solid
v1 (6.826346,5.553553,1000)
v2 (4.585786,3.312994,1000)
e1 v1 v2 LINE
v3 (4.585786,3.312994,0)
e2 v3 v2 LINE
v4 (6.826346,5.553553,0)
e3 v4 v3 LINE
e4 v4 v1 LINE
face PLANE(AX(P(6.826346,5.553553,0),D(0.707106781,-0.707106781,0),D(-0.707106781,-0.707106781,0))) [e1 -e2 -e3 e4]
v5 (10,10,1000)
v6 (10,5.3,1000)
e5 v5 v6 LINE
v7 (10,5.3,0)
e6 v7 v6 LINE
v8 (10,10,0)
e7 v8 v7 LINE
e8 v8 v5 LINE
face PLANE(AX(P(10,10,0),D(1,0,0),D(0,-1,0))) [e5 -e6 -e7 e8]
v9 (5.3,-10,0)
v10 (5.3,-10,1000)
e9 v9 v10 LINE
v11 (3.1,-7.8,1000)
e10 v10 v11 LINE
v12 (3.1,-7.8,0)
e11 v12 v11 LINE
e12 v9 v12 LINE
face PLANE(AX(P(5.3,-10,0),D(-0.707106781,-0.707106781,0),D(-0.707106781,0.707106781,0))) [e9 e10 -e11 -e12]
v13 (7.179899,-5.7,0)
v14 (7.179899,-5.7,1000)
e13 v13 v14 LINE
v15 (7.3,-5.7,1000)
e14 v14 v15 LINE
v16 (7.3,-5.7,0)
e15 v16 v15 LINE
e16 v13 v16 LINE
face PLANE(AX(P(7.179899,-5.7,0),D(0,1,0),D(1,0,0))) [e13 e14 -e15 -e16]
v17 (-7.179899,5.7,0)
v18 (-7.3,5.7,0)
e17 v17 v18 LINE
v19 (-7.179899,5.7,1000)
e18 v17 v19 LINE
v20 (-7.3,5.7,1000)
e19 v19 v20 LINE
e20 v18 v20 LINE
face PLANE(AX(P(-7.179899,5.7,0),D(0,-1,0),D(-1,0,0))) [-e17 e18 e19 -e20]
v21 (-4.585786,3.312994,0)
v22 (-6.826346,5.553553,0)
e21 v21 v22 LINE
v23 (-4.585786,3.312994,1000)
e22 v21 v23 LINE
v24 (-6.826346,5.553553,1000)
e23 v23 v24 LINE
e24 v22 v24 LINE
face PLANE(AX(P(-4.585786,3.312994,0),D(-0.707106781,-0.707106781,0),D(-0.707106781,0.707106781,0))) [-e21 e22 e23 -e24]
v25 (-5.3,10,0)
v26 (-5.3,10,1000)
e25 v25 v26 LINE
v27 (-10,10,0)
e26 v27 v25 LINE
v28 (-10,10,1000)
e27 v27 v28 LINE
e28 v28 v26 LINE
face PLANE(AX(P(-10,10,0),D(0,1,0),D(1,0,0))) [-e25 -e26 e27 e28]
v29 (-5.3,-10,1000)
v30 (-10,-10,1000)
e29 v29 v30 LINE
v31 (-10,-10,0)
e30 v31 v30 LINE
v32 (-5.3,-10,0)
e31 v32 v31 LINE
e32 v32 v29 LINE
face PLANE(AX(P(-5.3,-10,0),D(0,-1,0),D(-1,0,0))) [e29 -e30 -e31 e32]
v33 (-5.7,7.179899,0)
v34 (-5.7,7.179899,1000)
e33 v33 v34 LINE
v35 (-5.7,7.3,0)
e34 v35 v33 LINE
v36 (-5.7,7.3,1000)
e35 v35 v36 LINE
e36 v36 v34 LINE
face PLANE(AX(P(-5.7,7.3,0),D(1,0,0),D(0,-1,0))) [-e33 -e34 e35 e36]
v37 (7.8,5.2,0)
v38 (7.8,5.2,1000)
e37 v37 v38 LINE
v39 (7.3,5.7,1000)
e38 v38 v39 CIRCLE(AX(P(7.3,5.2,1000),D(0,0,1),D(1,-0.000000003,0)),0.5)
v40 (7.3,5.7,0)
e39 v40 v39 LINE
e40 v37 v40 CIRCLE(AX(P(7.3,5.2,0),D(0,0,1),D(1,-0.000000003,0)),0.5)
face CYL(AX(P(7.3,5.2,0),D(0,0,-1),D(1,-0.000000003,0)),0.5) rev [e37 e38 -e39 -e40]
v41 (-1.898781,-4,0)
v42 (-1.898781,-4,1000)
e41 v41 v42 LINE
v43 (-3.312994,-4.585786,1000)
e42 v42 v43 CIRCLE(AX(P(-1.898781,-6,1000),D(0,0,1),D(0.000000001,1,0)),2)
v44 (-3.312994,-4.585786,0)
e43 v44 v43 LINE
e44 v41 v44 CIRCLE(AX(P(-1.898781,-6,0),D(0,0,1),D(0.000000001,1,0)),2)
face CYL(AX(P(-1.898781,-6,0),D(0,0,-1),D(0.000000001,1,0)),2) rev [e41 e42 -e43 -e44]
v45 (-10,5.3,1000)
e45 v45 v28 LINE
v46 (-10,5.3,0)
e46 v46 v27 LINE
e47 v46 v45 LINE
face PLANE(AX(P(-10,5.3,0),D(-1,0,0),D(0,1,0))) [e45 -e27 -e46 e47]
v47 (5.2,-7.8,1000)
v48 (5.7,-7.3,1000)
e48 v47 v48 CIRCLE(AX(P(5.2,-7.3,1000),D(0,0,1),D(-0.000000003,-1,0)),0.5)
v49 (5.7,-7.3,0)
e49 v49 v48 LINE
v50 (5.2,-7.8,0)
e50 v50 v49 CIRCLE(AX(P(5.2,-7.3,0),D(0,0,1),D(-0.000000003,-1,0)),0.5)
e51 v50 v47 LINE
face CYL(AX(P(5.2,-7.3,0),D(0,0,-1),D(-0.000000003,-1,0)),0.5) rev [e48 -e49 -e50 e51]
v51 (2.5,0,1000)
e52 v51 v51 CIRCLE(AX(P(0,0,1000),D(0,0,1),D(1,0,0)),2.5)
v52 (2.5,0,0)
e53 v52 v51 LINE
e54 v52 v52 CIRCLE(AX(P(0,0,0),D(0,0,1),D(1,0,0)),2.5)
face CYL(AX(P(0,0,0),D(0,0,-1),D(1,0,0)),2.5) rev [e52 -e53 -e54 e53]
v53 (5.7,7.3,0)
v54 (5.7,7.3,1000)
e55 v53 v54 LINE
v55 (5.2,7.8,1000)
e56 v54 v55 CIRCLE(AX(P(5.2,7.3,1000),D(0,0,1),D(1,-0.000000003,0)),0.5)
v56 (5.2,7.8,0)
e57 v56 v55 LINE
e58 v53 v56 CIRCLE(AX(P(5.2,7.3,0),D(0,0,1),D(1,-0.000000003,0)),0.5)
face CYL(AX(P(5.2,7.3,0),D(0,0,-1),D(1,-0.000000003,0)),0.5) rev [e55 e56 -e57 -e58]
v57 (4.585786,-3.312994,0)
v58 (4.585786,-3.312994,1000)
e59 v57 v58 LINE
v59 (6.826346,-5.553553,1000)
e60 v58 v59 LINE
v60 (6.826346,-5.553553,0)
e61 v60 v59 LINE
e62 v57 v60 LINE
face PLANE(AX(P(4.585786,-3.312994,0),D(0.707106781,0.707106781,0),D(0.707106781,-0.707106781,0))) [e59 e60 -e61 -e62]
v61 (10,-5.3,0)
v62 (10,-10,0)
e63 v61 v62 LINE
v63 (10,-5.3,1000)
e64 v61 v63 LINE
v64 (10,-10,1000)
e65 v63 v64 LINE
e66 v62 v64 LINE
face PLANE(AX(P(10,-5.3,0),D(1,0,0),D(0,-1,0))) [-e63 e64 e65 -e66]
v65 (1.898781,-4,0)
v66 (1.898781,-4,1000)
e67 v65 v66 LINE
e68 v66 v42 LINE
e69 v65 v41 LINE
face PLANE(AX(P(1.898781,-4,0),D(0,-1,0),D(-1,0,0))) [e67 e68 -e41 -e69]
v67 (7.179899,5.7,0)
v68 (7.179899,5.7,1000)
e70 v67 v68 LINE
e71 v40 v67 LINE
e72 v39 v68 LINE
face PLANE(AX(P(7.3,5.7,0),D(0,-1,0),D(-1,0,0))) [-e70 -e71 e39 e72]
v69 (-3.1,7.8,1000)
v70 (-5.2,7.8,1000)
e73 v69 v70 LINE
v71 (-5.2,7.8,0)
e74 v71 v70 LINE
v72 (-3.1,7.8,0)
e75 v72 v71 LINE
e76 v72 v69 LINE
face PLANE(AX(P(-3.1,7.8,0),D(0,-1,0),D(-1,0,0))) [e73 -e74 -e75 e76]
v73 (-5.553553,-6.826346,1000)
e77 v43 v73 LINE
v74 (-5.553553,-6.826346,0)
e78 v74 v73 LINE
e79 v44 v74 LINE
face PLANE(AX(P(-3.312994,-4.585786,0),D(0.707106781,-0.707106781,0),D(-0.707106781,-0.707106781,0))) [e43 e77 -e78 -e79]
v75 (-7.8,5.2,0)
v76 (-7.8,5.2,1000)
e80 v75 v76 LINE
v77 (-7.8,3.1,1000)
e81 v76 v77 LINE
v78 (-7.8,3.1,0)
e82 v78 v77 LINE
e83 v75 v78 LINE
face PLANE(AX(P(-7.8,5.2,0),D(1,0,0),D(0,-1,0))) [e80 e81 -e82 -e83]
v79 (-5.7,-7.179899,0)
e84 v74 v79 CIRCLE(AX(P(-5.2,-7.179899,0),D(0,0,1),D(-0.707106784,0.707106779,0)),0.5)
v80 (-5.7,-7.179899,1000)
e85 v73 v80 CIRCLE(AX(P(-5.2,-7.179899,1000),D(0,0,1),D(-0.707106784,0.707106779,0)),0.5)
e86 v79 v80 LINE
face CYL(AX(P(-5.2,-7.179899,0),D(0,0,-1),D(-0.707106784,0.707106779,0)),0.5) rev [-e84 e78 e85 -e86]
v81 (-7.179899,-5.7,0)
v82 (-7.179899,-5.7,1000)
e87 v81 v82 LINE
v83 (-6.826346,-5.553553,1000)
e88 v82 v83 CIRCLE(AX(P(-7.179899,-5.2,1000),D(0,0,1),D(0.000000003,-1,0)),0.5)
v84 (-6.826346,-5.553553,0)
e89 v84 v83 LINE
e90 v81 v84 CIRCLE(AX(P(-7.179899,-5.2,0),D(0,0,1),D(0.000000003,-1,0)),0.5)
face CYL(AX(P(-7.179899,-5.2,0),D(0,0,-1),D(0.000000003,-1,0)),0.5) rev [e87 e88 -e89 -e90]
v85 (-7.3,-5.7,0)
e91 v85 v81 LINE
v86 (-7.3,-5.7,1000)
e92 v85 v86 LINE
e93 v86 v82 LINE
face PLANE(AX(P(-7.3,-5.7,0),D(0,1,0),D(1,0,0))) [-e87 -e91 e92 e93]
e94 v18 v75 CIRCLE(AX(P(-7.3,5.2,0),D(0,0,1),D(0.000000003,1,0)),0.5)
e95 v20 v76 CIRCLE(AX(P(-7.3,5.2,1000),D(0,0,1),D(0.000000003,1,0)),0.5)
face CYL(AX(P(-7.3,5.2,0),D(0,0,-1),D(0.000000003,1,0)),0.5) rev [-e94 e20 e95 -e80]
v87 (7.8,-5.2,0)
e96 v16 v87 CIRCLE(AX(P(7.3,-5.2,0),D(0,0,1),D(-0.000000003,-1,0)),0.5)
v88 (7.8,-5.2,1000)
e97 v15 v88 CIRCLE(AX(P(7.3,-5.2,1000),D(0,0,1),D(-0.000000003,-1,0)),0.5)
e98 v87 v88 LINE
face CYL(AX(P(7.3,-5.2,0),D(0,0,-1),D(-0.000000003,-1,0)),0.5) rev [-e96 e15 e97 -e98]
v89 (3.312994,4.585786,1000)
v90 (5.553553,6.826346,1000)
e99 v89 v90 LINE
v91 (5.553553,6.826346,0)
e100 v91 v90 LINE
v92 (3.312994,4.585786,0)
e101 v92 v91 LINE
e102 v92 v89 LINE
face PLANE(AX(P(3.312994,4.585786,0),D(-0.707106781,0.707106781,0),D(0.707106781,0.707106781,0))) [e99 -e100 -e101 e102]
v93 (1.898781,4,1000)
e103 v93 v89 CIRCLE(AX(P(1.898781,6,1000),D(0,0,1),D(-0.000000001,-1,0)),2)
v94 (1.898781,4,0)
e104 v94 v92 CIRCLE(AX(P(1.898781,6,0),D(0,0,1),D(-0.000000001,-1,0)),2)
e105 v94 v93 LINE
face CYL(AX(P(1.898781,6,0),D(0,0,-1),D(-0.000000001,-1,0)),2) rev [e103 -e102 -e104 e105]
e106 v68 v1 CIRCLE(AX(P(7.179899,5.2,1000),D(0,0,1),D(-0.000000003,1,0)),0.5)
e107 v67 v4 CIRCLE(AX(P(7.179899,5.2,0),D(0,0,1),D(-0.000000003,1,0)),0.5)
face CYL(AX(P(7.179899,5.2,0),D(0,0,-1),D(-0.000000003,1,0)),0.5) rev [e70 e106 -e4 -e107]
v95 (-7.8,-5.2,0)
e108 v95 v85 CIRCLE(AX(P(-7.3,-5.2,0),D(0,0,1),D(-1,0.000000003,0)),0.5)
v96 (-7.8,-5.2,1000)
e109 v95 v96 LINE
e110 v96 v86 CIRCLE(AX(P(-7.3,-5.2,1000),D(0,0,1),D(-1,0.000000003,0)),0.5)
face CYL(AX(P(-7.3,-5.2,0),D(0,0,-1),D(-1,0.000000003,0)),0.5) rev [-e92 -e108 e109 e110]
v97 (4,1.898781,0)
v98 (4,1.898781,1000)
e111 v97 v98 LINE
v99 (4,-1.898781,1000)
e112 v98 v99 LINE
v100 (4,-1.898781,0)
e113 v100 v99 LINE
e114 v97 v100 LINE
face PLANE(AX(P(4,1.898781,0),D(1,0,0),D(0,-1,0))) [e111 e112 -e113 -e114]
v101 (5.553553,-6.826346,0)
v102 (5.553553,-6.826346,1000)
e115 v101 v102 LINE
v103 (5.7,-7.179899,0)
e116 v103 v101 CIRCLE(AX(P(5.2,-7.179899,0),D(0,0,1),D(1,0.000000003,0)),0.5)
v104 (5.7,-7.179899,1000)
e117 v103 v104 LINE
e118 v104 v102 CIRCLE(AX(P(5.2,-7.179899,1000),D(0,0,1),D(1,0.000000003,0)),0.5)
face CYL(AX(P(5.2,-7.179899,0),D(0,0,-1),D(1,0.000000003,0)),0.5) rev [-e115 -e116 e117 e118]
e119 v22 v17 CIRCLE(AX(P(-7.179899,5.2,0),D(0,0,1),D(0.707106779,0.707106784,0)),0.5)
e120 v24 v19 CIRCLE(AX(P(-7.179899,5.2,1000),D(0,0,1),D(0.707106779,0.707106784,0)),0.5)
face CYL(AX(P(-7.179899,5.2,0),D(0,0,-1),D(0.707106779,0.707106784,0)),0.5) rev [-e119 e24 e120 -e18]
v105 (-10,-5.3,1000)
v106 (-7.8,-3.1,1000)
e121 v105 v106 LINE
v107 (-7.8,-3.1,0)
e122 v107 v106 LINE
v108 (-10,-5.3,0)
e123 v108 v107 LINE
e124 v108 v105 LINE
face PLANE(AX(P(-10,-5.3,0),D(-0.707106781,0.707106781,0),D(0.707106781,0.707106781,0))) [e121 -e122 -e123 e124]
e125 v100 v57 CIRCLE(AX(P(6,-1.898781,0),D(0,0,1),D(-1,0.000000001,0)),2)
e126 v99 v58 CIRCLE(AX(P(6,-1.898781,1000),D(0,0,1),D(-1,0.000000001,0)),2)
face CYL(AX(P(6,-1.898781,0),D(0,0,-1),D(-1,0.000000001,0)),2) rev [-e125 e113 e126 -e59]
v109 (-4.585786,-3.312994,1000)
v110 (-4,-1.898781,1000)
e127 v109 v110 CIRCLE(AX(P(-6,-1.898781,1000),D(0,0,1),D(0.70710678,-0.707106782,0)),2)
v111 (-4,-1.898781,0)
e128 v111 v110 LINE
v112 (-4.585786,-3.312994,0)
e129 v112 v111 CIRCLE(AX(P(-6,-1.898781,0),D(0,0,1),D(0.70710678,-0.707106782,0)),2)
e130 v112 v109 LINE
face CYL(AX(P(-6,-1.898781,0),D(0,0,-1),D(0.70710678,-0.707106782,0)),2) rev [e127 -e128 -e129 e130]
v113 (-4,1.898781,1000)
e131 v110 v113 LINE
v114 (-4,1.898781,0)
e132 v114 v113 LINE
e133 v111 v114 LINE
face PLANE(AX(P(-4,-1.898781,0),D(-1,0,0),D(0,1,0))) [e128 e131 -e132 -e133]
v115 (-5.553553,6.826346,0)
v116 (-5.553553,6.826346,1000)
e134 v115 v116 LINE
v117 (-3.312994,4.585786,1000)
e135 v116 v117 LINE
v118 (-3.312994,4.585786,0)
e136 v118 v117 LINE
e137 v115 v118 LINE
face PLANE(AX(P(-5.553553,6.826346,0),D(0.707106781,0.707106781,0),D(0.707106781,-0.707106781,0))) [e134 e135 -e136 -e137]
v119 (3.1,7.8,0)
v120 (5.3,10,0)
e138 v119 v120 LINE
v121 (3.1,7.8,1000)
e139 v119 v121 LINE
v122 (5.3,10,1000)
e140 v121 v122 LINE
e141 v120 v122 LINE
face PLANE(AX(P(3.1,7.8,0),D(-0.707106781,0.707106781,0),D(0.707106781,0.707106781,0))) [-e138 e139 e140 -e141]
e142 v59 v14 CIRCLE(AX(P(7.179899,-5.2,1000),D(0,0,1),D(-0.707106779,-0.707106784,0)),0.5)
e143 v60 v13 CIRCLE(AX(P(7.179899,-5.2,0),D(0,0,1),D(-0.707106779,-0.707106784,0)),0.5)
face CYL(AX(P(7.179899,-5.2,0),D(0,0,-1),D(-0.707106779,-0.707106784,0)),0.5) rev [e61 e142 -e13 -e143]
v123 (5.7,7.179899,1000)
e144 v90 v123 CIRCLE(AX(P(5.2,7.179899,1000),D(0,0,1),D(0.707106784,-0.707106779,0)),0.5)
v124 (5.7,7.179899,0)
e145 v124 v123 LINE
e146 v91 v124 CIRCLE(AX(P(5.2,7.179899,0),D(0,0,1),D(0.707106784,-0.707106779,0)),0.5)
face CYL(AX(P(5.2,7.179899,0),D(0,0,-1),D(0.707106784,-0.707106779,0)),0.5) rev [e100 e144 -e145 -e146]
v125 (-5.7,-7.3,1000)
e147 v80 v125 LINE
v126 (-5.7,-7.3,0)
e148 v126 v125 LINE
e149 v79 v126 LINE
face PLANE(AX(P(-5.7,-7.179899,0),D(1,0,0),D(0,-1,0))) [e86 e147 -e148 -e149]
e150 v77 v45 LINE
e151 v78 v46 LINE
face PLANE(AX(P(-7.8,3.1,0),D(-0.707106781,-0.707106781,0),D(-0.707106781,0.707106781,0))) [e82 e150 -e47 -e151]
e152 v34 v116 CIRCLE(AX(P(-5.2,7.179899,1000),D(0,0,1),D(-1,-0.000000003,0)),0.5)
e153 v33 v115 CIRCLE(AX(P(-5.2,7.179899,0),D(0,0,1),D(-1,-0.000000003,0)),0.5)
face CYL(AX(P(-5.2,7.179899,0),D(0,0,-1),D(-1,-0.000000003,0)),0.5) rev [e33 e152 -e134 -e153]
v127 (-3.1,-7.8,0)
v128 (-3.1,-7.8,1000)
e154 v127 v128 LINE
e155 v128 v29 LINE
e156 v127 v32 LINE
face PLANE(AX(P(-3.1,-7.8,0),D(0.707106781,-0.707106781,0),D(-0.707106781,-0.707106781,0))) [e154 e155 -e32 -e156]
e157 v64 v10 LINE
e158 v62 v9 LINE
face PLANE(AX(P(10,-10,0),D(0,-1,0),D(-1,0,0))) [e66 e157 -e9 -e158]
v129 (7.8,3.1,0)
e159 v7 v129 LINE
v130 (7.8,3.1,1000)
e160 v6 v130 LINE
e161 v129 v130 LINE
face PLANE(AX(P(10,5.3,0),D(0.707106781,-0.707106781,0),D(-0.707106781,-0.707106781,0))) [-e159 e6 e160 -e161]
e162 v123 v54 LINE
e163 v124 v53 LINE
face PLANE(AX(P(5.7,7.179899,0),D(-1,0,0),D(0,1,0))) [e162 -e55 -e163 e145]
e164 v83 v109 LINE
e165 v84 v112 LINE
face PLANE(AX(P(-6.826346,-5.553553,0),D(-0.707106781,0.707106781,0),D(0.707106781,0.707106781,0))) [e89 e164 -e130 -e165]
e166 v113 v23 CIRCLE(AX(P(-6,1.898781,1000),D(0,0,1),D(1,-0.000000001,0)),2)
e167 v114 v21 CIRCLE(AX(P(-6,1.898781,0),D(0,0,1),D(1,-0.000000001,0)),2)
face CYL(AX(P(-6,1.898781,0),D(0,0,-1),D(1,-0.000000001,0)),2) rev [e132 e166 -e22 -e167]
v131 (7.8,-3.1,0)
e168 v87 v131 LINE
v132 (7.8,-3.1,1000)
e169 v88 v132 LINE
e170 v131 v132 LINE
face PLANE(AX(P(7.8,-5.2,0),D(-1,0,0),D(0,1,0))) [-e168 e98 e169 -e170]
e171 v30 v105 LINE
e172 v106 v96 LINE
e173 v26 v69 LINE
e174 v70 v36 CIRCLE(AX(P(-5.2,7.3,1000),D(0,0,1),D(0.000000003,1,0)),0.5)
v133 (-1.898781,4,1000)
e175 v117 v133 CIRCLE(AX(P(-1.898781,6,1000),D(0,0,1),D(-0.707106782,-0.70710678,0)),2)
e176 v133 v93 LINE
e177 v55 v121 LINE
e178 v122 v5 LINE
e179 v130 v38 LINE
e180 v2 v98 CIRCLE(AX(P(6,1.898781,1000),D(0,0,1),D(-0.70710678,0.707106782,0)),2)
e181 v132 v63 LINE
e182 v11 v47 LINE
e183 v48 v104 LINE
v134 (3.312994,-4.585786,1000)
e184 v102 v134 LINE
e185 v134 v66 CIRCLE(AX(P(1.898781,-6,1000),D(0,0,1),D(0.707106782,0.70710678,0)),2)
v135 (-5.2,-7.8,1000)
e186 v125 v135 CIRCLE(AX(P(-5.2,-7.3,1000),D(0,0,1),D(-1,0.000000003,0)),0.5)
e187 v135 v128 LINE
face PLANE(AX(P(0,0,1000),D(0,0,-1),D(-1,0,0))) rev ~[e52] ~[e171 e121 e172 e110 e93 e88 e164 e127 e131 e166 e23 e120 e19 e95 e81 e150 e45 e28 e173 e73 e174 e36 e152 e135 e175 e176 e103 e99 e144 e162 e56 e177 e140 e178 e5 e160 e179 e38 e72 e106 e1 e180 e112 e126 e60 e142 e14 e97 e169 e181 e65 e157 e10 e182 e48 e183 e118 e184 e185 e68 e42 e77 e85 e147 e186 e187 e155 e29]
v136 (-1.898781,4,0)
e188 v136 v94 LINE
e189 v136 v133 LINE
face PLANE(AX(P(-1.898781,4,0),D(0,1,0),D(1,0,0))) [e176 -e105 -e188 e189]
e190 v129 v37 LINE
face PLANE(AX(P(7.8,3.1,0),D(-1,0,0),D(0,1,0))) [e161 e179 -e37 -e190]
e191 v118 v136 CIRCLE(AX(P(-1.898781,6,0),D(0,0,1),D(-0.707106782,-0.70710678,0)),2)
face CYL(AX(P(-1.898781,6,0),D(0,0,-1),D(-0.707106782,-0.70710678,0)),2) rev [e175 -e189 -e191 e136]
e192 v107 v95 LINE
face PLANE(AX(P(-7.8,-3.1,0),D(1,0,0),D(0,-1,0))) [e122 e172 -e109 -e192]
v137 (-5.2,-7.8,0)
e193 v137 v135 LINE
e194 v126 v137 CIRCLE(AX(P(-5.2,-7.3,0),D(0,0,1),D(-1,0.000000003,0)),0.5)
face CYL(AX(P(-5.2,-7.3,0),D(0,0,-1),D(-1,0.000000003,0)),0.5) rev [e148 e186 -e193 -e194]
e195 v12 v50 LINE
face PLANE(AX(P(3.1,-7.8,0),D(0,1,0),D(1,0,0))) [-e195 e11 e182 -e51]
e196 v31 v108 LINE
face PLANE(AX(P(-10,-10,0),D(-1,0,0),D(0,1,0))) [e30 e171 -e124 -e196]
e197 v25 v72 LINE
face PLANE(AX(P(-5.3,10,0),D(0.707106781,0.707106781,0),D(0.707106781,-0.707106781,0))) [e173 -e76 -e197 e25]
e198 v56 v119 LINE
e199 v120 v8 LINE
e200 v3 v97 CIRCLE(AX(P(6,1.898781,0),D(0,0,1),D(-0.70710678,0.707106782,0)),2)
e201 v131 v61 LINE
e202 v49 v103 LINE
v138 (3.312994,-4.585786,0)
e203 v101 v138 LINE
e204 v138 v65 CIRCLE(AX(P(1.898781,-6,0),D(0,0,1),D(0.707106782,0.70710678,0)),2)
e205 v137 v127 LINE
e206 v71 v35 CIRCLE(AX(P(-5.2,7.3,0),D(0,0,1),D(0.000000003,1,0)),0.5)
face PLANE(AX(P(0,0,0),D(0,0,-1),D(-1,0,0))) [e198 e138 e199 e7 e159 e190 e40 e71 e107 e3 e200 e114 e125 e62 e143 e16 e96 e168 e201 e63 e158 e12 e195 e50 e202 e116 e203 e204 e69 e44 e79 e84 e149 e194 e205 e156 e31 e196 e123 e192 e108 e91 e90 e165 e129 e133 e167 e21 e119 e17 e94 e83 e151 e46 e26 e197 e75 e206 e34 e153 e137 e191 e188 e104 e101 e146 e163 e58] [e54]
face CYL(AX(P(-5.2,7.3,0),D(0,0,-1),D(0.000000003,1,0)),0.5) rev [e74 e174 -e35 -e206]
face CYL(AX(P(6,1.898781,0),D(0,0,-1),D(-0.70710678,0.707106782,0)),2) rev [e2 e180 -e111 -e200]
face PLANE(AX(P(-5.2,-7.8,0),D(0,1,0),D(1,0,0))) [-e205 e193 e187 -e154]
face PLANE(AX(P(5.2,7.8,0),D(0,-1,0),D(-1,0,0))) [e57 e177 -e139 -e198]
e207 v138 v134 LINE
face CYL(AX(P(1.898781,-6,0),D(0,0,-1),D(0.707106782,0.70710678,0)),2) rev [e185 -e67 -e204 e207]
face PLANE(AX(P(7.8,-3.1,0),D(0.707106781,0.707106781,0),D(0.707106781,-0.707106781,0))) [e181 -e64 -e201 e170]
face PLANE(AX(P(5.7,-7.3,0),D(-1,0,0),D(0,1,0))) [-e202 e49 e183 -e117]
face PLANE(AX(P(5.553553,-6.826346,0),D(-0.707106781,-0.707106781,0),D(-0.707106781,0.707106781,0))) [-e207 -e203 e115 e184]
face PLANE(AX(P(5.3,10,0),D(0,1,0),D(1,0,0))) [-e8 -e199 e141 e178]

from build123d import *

# Parameters (mm, degrees)
SKETCH1_R           = 2.5
BOSS_EXTRUDE2_DEPTH = 1000


with BuildPart() as part:
    # Sketch1 → Boss-Extrude2 (new body)
    with BuildSketch(Plane.XY):
        with BuildLine():
            Line((-4, 0), (-4, 1.898780669))
            ThreePointArc((-4, 1.898780669), (-4.152240935, 2.664147534), (-4.585786438, 3.312994231))
            Line((-4.585786438, 3.312994231), (-6.826345597, 5.553553391))
            ThreePointArc((-6.826345597, 5.553553391), (-6.988557271, 5.661939766), (-7.179898987, 5.7))
            Line((-7.179898987, 5.7), (-7.3, 5.7))
            ThreePointArc((-7.3, 5.7), (-7.653553391, 5.553553391), (-7.8, 5.2))
            Line((-7.8, 5.2), (-7.8, 3.1))
            Line((-7.8, 3.1), (-10, 5.3))
            Line((-10, 5.3), (-10, 10))
            Line((-10, 10), (-5.3, 10))
            Line((-5.3, 10), (-3.1, 7.8))
            Line((-3.1, 7.8), (-5.2, 7.8))
            ThreePointArc((-5.2, 7.8), (-5.553553391, 7.653553391), (-5.7, 7.3))
            Line((-5.7, 7.3), (-5.7, 7.179898987))
            ThreePointArc((-5.7, 7.179898987), (-5.661939766, 6.988557271), (-5.553553391, 6.826345597))
            Line((-5.553553391, 6.826345597), (-3.312994231, 4.585786438))
            ThreePointArc((-3.312994231, 4.585786438), (-2.664147534, 4.152240935), (-1.898780669, 4))
            Line((-1.898780669, 4), (0, 4))
            Line((0, 4), (1.898780669, 4))
            ThreePointArc((1.898780669, 4), (2.664147534, 4.152240935), (3.312994231, 4.585786438))
            Line((3.312994231, 4.585786438), (5.553553391, 6.826345597))
            ThreePointArc((5.553553391, 6.826345597), (5.661939766, 6.988557271), (5.7, 7.179898987))
            Line((5.7, 7.179898987), (5.7, 7.3))
            ThreePointArc((5.7, 7.3), (5.553553391, 7.653553391), (5.2, 7.8))
            Line((5.2, 7.8), (3.1, 7.8))
            Line((3.1, 7.8), (5.3, 10))
            Line((5.3, 10), (10, 10))
            Line((10, 10), (10, 5.3))
            Line((10, 5.3), (7.8, 3.1))
            Line((7.8, 3.1), (7.8, 5.2))
            ThreePointArc((7.8, 5.2), (7.653553391, 5.553553391), (7.3, 5.7))
            Line((7.3, 5.7), (7.179898987, 5.7))
            ThreePointArc((7.179898987, 5.7), (6.988557271, 5.661939766), (6.826345597, 5.553553391))
            Line((6.826345597, 5.553553391), (4.585786438, 3.312994231))
            ThreePointArc((4.585786438, 3.312994231), (4.152240935, 2.664147534), (4, 1.898780669))
            Line((4, 1.898780669), (4, 0))
            Line((4, 0), (4, -1.898780669))
            ThreePointArc((4, -1.898780669), (4.152240935, -2.664147534), (4.585786438, -3.312994231))
            Line((4.585786438, -3.312994231), (6.826345597, -5.553553391))
            ThreePointArc((6.826345597, -5.553553391), (6.988557271, -5.661939766), (7.179898987, -5.7))
            Line((7.179898987, -5.7), (7.3, -5.7))
            ThreePointArc((7.3, -5.7), (7.653553391, -5.553553391), (7.8, -5.2))
            Line((7.8, -5.2), (7.8, -3.1))
            Line((7.8, -3.1), (10, -5.3))
            Line((10, -5.3), (10, -10))
            Line((10, -10), (5.3, -10))
            Line((5.3, -10), (3.1, -7.8))
            Line((3.1, -7.8), (5.2, -7.8))
            ThreePointArc((5.2, -7.8), (5.553553391, -7.653553391), (5.7, -7.3))
            Line((5.7, -7.3), (5.7, -7.179898987))
            ThreePointArc((5.7, -7.179898987), (5.661939766, -6.988557271), (5.553553391, -6.826345597))
            Line((5.553553391, -6.826345597), (3.312994231, -4.585786438))
            ThreePointArc((3.312994231, -4.585786438), (2.664147534, -4.152240935), (1.898780669, -4))
            Line((1.898780669, -4), (0, -4))
            Line((0, -4), (-1.898780669, -4))
            ThreePointArc((-1.898780669, -4), (-2.664147534, -4.152240935), (-3.312994231, -4.585786438))
            Line((-3.312994231, -4.585786438), (-5.553553391, -6.826345597))
            ThreePointArc((-5.553553391, -6.826345597), (-5.661939766, -6.988557271), (-5.7, -7.179898987))
            Line((-5.7, -7.179898987), (-5.7, -7.3))
            ThreePointArc((-5.7, -7.3), (-5.553553391, -7.653553391), (-5.2, -7.8))
            Line((-5.2, -7.8), (-3.1, -7.8))
            Line((-3.1, -7.8), (-5.3, -10))
            Line((-5.3, -10), (-10, -10))
            Line((-10, -10), (-10, -5.3))
            Line((-10, -5.3), (-7.8, -3.1))
            Line((-7.8, -3.1), (-7.8, -5.2))
            ThreePointArc((-7.8, -5.2), (-7.653553391, -5.553553391), (-7.3, -5.7))
            Line((-7.3, -5.7), (-7.179898987, -5.7))
            ThreePointArc((-7.179898987, -5.7), (-6.988557271, -5.661939766), (-6.826345597, -5.553553391))
            Line((-6.826345597, -5.553553391), (-4.585786438, -3.312994231))
            ThreePointArc((-4.585786438, -3.312994231), (-4.152240935, -2.664147534), (-4, -1.898780669))
            Line((-4, -1.898780669), (-4, 0))
        make_face()
        Circle(SKETCH1_R, mode=Mode.SUBTRACT)
    extrude(amount=BOSS_EXTRUDE2_DEPTH)


solid = part.part
